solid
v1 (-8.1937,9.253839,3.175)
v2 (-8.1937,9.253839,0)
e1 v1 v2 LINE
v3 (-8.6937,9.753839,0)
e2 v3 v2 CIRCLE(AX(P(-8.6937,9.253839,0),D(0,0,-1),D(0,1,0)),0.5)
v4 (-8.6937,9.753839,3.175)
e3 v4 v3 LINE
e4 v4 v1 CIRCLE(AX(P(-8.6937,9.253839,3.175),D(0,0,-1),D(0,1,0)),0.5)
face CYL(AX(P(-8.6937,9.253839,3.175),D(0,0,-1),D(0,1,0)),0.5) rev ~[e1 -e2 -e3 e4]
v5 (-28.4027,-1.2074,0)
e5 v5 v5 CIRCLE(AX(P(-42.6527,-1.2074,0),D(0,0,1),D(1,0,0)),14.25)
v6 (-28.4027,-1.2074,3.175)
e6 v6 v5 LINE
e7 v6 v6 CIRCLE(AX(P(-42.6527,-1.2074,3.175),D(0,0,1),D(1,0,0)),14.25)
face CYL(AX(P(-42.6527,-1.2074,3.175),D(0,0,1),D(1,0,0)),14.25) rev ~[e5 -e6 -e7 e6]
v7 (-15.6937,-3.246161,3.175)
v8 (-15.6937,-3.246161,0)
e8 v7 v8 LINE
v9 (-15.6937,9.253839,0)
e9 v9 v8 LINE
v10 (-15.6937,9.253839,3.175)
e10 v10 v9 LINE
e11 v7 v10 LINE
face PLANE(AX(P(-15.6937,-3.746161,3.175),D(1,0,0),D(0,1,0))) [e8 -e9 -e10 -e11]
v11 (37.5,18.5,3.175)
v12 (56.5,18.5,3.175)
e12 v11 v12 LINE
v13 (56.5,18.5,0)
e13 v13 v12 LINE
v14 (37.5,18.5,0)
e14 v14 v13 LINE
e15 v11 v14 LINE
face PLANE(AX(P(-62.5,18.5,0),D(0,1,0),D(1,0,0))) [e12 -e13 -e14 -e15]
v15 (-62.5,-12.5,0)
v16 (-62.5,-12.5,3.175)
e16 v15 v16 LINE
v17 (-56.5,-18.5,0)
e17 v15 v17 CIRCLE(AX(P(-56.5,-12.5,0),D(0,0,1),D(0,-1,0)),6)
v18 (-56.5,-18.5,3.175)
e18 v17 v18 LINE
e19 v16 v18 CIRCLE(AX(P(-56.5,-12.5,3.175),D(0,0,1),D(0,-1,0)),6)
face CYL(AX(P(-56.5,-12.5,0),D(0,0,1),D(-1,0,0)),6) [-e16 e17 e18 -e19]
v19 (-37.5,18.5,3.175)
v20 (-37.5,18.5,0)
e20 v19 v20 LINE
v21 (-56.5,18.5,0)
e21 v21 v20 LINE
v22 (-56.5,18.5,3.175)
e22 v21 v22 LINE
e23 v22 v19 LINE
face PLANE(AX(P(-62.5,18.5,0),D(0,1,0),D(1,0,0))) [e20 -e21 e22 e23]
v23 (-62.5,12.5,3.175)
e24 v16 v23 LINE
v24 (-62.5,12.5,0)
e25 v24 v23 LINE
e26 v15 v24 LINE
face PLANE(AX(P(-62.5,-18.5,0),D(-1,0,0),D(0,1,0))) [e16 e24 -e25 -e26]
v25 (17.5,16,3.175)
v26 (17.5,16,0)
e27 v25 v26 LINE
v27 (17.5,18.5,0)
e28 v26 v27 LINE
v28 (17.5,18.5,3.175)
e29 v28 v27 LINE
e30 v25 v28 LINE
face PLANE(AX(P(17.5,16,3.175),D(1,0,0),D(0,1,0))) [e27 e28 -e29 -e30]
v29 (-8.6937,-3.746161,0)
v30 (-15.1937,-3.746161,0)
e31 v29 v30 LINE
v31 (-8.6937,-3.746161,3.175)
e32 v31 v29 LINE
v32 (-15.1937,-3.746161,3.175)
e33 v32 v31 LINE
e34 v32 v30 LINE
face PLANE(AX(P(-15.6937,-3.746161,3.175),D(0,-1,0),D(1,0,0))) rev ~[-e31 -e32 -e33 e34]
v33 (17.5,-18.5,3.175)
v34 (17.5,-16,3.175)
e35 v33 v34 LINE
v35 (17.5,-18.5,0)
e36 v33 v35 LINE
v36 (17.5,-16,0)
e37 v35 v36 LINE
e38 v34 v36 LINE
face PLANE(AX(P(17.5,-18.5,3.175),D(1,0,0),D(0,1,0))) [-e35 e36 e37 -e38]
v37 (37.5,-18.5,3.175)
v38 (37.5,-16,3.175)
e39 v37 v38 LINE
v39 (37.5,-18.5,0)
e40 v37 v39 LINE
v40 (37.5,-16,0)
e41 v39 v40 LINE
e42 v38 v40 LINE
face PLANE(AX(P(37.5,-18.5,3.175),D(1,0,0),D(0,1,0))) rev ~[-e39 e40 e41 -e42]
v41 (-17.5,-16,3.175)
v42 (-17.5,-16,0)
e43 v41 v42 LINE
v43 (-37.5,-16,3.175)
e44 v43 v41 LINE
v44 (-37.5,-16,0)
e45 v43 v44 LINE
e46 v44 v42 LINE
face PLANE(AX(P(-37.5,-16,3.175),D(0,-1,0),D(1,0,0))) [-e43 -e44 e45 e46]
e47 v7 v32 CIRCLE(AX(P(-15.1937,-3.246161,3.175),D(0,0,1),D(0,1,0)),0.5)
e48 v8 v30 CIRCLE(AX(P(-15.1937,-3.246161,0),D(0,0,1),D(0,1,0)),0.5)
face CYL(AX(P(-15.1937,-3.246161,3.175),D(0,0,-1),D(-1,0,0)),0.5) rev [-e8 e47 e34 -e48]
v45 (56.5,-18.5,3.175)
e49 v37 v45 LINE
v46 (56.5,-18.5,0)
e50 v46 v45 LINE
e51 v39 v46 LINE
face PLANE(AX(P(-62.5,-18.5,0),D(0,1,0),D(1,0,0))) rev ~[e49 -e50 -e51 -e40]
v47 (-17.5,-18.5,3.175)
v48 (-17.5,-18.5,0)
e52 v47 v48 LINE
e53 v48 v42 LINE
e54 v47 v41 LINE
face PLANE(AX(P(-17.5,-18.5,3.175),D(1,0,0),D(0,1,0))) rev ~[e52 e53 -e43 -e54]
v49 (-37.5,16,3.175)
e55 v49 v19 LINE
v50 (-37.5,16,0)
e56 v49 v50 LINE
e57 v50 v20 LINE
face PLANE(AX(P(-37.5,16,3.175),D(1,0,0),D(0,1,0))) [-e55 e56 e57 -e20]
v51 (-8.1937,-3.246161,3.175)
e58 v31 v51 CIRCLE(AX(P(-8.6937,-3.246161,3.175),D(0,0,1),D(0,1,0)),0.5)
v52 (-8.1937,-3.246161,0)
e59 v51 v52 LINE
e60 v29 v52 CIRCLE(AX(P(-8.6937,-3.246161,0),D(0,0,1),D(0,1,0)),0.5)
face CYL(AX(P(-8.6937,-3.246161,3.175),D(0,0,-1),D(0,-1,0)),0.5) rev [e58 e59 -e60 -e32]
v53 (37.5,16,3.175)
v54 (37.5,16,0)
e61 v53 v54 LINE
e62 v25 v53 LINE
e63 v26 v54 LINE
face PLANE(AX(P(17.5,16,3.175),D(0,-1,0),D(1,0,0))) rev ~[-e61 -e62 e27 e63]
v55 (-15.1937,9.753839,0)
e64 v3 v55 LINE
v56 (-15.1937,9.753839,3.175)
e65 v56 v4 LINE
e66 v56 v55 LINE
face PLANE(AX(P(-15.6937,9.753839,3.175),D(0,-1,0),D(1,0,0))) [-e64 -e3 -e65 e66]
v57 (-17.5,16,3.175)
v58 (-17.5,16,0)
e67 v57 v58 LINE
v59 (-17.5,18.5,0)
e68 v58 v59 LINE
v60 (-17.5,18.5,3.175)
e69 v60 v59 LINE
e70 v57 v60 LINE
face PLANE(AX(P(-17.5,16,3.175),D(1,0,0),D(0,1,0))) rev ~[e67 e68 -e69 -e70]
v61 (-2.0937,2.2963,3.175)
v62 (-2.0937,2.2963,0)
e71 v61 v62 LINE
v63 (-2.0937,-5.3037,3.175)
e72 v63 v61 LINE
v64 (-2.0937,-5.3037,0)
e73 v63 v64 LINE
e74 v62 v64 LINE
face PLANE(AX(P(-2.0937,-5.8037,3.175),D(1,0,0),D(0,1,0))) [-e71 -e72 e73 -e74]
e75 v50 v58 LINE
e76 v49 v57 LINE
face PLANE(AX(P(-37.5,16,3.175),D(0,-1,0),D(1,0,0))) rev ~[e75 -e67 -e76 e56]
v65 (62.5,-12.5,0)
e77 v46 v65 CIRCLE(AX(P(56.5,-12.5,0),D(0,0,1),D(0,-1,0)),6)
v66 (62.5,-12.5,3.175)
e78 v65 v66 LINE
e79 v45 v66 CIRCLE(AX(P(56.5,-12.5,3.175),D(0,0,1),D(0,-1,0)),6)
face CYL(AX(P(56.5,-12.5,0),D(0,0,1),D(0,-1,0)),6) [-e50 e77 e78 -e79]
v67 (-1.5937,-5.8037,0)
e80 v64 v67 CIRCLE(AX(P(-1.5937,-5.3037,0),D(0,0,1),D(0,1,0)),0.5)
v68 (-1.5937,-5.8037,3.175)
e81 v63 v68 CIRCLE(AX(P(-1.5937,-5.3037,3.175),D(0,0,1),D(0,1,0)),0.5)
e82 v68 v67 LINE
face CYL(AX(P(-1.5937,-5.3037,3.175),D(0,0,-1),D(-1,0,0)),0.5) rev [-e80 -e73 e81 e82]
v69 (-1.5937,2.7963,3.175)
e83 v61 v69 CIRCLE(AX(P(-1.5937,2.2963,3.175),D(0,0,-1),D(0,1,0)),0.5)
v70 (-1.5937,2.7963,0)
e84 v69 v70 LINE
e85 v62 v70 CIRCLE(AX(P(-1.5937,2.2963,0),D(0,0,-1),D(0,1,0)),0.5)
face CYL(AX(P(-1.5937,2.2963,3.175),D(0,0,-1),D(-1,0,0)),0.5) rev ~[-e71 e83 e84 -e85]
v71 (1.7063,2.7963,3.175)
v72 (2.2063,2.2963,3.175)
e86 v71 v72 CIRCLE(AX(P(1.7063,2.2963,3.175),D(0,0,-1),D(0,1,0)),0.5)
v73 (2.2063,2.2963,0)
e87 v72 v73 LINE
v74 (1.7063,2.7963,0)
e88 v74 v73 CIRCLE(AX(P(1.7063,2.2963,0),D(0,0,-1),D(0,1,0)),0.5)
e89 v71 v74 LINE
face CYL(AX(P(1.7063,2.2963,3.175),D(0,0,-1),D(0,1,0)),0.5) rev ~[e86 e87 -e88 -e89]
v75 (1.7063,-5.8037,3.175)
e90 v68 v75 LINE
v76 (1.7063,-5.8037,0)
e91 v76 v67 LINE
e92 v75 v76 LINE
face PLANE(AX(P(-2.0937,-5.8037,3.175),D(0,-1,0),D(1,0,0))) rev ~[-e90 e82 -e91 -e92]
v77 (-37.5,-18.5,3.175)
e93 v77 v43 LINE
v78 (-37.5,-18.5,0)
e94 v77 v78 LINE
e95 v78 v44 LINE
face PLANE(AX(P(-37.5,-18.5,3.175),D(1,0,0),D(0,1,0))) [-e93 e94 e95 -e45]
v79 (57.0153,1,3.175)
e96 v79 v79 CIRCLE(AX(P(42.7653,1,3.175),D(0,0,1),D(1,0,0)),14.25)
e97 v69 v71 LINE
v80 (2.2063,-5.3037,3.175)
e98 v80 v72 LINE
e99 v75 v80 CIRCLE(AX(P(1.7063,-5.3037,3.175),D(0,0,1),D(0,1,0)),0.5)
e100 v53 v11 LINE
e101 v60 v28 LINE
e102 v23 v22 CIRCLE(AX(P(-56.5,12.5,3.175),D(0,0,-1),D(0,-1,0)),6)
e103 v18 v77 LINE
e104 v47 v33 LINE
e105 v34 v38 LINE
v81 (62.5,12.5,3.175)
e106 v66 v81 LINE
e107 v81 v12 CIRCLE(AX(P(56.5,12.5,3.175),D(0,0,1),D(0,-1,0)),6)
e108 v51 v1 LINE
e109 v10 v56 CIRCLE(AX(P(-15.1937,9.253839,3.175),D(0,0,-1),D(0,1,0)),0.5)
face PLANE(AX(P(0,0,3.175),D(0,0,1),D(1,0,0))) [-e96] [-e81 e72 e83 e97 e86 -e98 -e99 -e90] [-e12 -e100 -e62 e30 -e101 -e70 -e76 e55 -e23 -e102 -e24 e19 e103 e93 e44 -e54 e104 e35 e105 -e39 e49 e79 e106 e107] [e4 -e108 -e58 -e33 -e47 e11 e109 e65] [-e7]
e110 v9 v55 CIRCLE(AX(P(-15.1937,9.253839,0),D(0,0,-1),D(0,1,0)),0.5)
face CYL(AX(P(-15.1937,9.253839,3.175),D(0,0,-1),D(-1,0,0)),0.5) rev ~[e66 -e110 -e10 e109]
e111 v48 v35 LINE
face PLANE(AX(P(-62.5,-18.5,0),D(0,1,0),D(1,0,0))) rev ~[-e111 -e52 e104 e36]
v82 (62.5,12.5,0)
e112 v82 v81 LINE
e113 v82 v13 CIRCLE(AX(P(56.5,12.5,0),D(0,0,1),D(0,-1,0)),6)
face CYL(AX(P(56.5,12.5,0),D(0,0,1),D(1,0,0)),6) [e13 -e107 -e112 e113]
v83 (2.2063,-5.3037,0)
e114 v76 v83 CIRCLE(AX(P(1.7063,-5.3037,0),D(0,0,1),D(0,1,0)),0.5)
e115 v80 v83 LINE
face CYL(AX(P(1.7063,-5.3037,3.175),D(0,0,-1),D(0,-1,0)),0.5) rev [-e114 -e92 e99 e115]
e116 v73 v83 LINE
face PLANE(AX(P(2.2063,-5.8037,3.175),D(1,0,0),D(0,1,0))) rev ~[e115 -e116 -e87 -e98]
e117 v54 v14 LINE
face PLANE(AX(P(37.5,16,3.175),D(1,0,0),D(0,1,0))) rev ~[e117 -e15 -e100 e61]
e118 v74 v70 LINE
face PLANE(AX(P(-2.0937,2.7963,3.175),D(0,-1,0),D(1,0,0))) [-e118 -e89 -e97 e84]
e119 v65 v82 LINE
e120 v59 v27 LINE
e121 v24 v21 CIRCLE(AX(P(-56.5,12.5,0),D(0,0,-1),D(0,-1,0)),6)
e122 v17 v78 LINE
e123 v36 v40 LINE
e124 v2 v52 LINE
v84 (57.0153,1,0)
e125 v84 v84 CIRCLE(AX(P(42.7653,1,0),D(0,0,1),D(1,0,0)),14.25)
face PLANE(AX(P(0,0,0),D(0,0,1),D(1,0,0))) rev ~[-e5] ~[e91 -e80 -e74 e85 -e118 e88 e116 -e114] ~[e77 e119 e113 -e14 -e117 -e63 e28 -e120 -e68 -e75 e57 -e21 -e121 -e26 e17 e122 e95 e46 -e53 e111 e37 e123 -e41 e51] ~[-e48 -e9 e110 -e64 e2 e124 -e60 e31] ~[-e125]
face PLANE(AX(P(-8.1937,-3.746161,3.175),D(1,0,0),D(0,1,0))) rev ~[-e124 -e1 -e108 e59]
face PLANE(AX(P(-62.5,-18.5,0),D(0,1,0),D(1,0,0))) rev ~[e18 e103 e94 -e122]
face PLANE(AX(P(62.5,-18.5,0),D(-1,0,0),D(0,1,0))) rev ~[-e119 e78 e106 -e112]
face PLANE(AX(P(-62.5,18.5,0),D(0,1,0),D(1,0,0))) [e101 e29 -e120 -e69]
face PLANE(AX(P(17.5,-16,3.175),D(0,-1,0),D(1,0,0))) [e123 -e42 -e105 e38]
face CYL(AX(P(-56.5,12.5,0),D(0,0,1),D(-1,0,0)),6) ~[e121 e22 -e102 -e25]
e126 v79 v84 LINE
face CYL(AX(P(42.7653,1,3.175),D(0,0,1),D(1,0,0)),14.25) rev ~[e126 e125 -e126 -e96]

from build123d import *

# Parameters (mm, degrees)
SKETCH1_W           = 125
SKETCH1_H           = 37
BOSS_EXTRUDE1_DEPTH = 3.175
FILLET1_R           = 6
CUT_EXTRUDE1_REACH  = 5.175
SKETCH3_R           = 14.25
SKETCH3_W           = 4.3
SKETCH3_H           = 8.6
SKETCH3_W_2         = 7.5
SKETCH3_H_2         = 13.5
SKETCH6_W           = 20
SKETCH6_H           = 2.5
CUT_EXTRUDE2_DEPTH  = 4.175
FILLET2_R           = 0.5


with BuildPart() as part:
    # Sketch1 → Boss-Extrude1 (new body)
    with BuildSketch(Plane.XY):
        Rectangle(SKETCH1_W, SKETCH1_H)
    extrude(amount=BOSS_EXTRUDE1_DEPTH)

    # Fillet1
    fillet1_edges = [part.edges().sort_by_distance(p)[0] for p in [
        (62.5, -18.5, 1.5875),
        (-62.5, -18.5, 1.5875),
        (-62.5, 18.5, 1.5875),
        (62.5, 18.5, 1.5875),
    ]]
    fillet(fillet1_edges, radius=FILLET1_R)

    # Sketch3 → Cut-Extrude1 (cut, up to next)
    with BuildSketch(Plane.XY.offset(3.175), mode=Mode.PRIVATE) as cut_extrude1_sk1:
        with Locations((42.7653, 1)):
            Circle(SKETCH3_R)
    cut_extrude1_tool1 = extrude(cut_extrude1_sk1.sketch, amount=-CUT_EXTRUDE1_REACH, mode=Mode.PRIVATE) & part.part
    add(cut_extrude1_tool1.solids().sort_by_distance((42.7653, 1, 3.175))[0], mode=Mode.SUBTRACT)
    # Sketch3 → Cut-Extrude1 (cut, up to next)
    with BuildSketch(Plane.XY.offset(3.175), mode=Mode.PRIVATE) as cut_extrude1_sk2:
        with Locations((-42.6527, -1.2074)):
            Circle(SKETCH3_R)
    cut_extrude1_tool2 = extrude(cut_extrude1_sk2.sketch, amount=-CUT_EXTRUDE1_REACH, mode=Mode.PRIVATE) & part.part
    add(cut_extrude1_tool2.solids().sort_by_distance((-42.6527, -1.2074, 3.175))[0], mode=Mode.SUBTRACT)
    # Sketch3 → Cut-Extrude1 (cut, up to next)
    with BuildSketch(Plane.XY.offset(3.175), mode=Mode.PRIVATE) as cut_extrude1_sk3:
        with Locations((0.0563, -1.5037)):
            Rectangle(SKETCH3_W, SKETCH3_H)
    cut_extrude1_tool3 = extrude(cut_extrude1_sk3.sketch, amount=-CUT_EXTRUDE1_REACH, mode=Mode.PRIVATE) & part.part
    add(cut_extrude1_tool3.solids().sort_by_distance((0.0563, -1.5037, 3.175))[0], mode=Mode.SUBTRACT)
    # Sketch3 → Cut-Extrude1 (cut, up to next)
    with BuildSketch(Plane.XY.offset(3.175), mode=Mode.PRIVATE) as cut_extrude1_sk4:
        with Locations((-11.9437, 3.003839217)):
            Rectangle(SKETCH3_W_2, SKETCH3_H_2)
    cut_extrude1_tool4 = extrude(cut_extrude1_sk4.sketch, amount=-CUT_EXTRUDE1_REACH, mode=Mode.PRIVATE) & part.part
    add(cut_extrude1_tool4.solids().sort_by_distance((-11.9437, 3.003839, 3.175))[0], mode=Mode.SUBTRACT)

    # Sketch6 → Cut-Extrude2 (cut, through all)
    with BuildSketch(Plane.XY.offset(3.175)):
        with Locations((27.5, -17.25)):
            Rectangle(SKETCH6_W, SKETCH6_H)
        with Locations((-27.5, -17.25)):
            Rectangle(SKETCH6_W, SKETCH6_H)
        with Locations((-27.5, 17.25)):
            Rectangle(SKETCH6_W, SKETCH6_H)
        with Locations((27.5, 17.25)):
            Rectangle(SKETCH6_W, SKETCH6_H)
    extrude(amount=-CUT_EXTRUDE2_DEPTH, mode=Mode.SUBTRACT)

    # Fillet2
    fillet2_edges = [part.edges().sort_by_distance(p)[0] for p in [
        (-15.6937, -3.746160783, 1.5875),
        (-15.6937, 9.753839217, 1.5875),
        (-8.1937, 9.753839217, 1.5875),
        (-8.1937, -3.746160783, 1.5875),
        (2.2063, 2.7963, 1.5875),
        (2.2063, -5.8037, 1.5875),
        (-2.0937, -5.8037, 1.5875),
        (-2.0937, 2.7963, 1.5875),
    ]]
    fillet(fillet2_edges, radius=FILLET2_R)


solid = part.part
